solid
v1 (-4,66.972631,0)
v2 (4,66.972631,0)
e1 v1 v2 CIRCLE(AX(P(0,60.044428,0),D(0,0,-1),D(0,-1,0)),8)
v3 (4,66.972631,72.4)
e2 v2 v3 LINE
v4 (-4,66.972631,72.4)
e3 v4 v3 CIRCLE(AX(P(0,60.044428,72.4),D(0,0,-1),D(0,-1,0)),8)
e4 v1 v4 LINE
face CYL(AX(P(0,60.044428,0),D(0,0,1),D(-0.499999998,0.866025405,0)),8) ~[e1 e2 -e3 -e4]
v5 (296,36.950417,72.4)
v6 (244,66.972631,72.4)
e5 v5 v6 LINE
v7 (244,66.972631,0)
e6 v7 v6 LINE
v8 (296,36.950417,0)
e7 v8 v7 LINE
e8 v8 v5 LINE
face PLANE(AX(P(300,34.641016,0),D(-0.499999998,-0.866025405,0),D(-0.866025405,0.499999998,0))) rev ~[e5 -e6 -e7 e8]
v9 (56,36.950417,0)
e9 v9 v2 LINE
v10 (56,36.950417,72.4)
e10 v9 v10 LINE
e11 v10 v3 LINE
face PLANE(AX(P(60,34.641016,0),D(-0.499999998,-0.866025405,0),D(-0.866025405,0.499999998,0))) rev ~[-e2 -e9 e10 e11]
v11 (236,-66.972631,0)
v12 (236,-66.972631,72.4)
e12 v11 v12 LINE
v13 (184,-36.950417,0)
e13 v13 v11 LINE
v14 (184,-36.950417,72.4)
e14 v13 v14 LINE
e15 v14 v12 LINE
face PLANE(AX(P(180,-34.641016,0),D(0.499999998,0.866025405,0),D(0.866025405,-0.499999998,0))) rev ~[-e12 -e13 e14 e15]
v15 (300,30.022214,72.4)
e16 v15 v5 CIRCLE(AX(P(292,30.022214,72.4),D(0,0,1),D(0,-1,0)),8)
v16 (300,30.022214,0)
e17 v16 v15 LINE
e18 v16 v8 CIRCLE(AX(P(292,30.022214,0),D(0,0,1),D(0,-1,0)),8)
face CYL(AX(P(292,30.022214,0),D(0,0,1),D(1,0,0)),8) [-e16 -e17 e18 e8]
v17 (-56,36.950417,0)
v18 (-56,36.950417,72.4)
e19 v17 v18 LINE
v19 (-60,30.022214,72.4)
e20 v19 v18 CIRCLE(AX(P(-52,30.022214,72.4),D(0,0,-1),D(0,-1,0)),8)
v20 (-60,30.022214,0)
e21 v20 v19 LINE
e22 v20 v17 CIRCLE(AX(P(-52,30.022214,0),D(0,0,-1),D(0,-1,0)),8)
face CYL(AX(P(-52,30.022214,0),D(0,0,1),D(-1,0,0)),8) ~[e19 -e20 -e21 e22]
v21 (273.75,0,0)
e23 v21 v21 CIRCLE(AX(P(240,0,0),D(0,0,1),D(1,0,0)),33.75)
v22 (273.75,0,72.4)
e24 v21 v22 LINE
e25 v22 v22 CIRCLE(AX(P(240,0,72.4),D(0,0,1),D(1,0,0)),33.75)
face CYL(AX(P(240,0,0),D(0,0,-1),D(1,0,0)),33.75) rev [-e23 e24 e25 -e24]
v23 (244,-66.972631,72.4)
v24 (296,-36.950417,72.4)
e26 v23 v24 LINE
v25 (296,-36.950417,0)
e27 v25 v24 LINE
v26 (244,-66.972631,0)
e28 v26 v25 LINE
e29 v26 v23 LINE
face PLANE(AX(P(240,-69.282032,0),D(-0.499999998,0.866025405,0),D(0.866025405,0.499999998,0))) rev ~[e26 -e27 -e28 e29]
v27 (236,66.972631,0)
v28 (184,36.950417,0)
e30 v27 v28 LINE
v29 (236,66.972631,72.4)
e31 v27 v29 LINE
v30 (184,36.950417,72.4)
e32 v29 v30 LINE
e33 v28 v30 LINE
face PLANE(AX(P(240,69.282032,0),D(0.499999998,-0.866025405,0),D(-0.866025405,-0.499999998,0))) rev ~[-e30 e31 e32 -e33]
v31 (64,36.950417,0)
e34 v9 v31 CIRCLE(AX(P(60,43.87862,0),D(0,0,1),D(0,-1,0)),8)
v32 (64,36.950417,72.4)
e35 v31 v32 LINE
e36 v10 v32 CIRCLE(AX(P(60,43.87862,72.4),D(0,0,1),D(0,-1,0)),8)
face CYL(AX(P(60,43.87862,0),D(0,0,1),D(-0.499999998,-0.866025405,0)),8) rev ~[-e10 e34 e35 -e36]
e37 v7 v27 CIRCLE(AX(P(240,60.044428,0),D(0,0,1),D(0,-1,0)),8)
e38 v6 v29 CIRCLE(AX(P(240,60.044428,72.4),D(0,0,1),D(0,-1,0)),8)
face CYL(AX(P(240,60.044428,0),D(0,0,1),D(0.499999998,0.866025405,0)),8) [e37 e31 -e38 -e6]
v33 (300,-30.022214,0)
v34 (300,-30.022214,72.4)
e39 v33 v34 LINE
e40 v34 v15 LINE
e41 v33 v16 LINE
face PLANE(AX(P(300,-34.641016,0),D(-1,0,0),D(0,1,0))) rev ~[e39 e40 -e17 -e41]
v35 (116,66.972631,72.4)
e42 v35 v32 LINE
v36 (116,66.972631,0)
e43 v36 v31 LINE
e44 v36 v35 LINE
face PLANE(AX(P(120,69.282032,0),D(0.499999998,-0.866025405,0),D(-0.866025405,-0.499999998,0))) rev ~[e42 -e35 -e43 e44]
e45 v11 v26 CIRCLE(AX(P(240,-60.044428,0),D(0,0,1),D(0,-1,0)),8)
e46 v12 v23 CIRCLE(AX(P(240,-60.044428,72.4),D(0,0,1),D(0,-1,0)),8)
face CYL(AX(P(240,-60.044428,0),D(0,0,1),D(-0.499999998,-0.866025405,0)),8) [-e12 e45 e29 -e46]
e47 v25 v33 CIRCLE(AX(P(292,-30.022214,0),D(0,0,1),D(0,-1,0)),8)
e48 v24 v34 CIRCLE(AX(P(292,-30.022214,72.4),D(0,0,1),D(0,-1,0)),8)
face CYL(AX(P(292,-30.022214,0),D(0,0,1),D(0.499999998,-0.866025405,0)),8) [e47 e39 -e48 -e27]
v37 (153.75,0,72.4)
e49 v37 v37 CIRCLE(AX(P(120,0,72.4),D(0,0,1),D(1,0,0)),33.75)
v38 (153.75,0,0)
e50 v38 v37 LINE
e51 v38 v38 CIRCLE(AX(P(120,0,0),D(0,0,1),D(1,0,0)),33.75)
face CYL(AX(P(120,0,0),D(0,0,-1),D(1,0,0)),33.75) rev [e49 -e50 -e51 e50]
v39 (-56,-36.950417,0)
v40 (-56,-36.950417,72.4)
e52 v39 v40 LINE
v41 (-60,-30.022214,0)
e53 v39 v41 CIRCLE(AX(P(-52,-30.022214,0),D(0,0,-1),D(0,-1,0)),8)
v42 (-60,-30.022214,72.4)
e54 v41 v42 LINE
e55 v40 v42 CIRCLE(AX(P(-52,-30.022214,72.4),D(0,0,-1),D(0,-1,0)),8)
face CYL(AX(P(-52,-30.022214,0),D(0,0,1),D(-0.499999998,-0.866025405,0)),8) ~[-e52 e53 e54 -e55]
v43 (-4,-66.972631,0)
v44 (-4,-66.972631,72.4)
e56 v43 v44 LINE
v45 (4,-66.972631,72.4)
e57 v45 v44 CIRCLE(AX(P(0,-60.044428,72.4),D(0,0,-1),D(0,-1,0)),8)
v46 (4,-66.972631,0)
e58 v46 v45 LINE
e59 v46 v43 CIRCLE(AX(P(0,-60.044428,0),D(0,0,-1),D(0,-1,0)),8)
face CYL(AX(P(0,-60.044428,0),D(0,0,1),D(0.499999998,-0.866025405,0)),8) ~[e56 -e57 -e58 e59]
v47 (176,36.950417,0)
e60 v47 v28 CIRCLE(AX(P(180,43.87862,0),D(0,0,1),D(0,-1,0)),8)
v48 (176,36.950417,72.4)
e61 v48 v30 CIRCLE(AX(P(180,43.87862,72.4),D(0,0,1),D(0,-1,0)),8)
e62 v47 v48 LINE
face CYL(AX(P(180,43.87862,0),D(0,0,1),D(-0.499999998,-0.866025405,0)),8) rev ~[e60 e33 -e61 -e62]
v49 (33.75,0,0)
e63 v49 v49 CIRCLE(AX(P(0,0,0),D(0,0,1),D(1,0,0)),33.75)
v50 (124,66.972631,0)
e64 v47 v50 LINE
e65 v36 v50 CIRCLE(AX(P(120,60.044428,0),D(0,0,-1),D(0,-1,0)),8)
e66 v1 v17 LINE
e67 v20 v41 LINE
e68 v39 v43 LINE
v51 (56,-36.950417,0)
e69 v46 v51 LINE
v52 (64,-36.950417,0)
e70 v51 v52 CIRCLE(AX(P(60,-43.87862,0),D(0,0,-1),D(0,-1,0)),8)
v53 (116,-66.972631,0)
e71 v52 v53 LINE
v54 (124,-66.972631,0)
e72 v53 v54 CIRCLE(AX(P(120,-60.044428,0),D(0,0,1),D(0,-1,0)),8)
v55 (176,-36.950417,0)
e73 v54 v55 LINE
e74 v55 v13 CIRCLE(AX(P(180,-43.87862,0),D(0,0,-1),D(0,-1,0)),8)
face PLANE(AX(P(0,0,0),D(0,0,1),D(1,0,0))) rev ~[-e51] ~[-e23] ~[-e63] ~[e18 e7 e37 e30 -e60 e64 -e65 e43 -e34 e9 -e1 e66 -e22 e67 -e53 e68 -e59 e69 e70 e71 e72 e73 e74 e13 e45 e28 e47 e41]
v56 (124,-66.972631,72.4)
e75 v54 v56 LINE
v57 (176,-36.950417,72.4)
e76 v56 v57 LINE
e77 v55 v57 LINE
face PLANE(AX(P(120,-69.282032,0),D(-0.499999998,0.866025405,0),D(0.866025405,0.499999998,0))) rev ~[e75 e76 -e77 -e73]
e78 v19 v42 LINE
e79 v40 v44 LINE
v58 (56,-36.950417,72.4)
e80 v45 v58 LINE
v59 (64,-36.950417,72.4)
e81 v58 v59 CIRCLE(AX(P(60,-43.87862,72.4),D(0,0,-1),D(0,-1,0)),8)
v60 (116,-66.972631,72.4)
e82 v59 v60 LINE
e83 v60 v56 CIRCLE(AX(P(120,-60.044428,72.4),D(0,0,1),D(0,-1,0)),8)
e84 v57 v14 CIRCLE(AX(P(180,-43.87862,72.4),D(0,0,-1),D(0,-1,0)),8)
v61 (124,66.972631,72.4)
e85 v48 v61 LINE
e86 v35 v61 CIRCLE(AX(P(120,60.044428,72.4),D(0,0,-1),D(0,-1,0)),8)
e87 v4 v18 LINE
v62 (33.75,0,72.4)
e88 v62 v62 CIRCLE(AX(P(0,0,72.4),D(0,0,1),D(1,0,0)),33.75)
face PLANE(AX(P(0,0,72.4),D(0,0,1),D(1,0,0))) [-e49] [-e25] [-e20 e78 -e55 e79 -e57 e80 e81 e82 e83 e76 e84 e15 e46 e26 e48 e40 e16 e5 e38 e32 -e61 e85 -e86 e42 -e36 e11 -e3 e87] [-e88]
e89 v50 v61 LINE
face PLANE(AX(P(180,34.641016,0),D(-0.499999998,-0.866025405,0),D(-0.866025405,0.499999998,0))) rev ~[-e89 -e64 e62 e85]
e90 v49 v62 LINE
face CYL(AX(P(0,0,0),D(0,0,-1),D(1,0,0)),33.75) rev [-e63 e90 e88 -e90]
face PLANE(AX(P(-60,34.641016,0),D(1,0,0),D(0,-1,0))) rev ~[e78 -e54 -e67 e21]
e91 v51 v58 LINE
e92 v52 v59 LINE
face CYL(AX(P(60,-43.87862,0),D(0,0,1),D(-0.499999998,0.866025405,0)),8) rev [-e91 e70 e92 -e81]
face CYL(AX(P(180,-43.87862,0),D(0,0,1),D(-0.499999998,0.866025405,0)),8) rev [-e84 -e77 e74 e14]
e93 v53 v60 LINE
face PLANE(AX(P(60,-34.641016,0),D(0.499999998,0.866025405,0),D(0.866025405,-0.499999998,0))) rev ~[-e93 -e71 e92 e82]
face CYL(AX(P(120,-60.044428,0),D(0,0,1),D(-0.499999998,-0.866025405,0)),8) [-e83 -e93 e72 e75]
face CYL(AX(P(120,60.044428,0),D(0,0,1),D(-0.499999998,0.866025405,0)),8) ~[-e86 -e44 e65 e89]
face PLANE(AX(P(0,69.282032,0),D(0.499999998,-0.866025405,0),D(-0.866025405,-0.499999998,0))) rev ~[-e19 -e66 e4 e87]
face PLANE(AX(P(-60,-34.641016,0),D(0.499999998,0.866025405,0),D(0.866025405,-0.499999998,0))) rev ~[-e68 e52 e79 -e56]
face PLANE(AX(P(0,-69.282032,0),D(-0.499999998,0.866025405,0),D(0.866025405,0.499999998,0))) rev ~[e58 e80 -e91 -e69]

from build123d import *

# Parameters (mm, degrees)
F0_R     = 33.75
F1_DEPTH = 72.4
F2_R     = 8


with BuildPart() as f1:
    # F0 (on Top) → F1 (new body)
    with BuildSketch(Plane.XY):
        Polygon((0, -69.282032), (60, -34.641016), (60, 34.641016), (0, 69.282032), (-60, 34.641016), (-60, -34.641016), align=None)
        Circle(F0_R, mode=Mode.SUBTRACT)
        Polygon((60, 34.641016), (60, -34.641016), (120, -69.282032), (180, -34.641016), (180, 34.641016), (120, 69.282032), align=None)
        with Locations((120, 0)):
            Circle(F0_R, mode=Mode.SUBTRACT)
        Polygon((180, 34.641016), (180, -34.641016), (240, -69.282032), (300, -34.641016), (300, 34.641016), (240, 69.282032), align=None)
        with Locations((240, 0)):
            Circle(F0_R, mode=Mode.SUBTRACT)
    extrude(amount=F1_DEPTH)

    # F2
    f2_edges = [f1.edges().sort_by_distance(p)[0] for p in [
        (60, -34.641016, 36.2),
        (0, -69.282032, 36.2),
        (-60, -34.641016, 36.2),
        (120, -69.282032, 36.2),
        (180, -34.641016, 36.2),
        (180, 34.641016, 36.2),
        (120, 69.282032, 36.2),
        (0, 69.282032, 36.2),
        (60, 34.641016, 36.2),
        (-60, 34.641016, 36.2),
        (240, -69.282032, 36.2),
        (300, -34.641016, 36.2),
        (300, 34.641016, 36.2),
        (240, 69.282032, 36.2),
    ]]
    fillet(f2_edges, radius=F2_R)


solid = f1.part
